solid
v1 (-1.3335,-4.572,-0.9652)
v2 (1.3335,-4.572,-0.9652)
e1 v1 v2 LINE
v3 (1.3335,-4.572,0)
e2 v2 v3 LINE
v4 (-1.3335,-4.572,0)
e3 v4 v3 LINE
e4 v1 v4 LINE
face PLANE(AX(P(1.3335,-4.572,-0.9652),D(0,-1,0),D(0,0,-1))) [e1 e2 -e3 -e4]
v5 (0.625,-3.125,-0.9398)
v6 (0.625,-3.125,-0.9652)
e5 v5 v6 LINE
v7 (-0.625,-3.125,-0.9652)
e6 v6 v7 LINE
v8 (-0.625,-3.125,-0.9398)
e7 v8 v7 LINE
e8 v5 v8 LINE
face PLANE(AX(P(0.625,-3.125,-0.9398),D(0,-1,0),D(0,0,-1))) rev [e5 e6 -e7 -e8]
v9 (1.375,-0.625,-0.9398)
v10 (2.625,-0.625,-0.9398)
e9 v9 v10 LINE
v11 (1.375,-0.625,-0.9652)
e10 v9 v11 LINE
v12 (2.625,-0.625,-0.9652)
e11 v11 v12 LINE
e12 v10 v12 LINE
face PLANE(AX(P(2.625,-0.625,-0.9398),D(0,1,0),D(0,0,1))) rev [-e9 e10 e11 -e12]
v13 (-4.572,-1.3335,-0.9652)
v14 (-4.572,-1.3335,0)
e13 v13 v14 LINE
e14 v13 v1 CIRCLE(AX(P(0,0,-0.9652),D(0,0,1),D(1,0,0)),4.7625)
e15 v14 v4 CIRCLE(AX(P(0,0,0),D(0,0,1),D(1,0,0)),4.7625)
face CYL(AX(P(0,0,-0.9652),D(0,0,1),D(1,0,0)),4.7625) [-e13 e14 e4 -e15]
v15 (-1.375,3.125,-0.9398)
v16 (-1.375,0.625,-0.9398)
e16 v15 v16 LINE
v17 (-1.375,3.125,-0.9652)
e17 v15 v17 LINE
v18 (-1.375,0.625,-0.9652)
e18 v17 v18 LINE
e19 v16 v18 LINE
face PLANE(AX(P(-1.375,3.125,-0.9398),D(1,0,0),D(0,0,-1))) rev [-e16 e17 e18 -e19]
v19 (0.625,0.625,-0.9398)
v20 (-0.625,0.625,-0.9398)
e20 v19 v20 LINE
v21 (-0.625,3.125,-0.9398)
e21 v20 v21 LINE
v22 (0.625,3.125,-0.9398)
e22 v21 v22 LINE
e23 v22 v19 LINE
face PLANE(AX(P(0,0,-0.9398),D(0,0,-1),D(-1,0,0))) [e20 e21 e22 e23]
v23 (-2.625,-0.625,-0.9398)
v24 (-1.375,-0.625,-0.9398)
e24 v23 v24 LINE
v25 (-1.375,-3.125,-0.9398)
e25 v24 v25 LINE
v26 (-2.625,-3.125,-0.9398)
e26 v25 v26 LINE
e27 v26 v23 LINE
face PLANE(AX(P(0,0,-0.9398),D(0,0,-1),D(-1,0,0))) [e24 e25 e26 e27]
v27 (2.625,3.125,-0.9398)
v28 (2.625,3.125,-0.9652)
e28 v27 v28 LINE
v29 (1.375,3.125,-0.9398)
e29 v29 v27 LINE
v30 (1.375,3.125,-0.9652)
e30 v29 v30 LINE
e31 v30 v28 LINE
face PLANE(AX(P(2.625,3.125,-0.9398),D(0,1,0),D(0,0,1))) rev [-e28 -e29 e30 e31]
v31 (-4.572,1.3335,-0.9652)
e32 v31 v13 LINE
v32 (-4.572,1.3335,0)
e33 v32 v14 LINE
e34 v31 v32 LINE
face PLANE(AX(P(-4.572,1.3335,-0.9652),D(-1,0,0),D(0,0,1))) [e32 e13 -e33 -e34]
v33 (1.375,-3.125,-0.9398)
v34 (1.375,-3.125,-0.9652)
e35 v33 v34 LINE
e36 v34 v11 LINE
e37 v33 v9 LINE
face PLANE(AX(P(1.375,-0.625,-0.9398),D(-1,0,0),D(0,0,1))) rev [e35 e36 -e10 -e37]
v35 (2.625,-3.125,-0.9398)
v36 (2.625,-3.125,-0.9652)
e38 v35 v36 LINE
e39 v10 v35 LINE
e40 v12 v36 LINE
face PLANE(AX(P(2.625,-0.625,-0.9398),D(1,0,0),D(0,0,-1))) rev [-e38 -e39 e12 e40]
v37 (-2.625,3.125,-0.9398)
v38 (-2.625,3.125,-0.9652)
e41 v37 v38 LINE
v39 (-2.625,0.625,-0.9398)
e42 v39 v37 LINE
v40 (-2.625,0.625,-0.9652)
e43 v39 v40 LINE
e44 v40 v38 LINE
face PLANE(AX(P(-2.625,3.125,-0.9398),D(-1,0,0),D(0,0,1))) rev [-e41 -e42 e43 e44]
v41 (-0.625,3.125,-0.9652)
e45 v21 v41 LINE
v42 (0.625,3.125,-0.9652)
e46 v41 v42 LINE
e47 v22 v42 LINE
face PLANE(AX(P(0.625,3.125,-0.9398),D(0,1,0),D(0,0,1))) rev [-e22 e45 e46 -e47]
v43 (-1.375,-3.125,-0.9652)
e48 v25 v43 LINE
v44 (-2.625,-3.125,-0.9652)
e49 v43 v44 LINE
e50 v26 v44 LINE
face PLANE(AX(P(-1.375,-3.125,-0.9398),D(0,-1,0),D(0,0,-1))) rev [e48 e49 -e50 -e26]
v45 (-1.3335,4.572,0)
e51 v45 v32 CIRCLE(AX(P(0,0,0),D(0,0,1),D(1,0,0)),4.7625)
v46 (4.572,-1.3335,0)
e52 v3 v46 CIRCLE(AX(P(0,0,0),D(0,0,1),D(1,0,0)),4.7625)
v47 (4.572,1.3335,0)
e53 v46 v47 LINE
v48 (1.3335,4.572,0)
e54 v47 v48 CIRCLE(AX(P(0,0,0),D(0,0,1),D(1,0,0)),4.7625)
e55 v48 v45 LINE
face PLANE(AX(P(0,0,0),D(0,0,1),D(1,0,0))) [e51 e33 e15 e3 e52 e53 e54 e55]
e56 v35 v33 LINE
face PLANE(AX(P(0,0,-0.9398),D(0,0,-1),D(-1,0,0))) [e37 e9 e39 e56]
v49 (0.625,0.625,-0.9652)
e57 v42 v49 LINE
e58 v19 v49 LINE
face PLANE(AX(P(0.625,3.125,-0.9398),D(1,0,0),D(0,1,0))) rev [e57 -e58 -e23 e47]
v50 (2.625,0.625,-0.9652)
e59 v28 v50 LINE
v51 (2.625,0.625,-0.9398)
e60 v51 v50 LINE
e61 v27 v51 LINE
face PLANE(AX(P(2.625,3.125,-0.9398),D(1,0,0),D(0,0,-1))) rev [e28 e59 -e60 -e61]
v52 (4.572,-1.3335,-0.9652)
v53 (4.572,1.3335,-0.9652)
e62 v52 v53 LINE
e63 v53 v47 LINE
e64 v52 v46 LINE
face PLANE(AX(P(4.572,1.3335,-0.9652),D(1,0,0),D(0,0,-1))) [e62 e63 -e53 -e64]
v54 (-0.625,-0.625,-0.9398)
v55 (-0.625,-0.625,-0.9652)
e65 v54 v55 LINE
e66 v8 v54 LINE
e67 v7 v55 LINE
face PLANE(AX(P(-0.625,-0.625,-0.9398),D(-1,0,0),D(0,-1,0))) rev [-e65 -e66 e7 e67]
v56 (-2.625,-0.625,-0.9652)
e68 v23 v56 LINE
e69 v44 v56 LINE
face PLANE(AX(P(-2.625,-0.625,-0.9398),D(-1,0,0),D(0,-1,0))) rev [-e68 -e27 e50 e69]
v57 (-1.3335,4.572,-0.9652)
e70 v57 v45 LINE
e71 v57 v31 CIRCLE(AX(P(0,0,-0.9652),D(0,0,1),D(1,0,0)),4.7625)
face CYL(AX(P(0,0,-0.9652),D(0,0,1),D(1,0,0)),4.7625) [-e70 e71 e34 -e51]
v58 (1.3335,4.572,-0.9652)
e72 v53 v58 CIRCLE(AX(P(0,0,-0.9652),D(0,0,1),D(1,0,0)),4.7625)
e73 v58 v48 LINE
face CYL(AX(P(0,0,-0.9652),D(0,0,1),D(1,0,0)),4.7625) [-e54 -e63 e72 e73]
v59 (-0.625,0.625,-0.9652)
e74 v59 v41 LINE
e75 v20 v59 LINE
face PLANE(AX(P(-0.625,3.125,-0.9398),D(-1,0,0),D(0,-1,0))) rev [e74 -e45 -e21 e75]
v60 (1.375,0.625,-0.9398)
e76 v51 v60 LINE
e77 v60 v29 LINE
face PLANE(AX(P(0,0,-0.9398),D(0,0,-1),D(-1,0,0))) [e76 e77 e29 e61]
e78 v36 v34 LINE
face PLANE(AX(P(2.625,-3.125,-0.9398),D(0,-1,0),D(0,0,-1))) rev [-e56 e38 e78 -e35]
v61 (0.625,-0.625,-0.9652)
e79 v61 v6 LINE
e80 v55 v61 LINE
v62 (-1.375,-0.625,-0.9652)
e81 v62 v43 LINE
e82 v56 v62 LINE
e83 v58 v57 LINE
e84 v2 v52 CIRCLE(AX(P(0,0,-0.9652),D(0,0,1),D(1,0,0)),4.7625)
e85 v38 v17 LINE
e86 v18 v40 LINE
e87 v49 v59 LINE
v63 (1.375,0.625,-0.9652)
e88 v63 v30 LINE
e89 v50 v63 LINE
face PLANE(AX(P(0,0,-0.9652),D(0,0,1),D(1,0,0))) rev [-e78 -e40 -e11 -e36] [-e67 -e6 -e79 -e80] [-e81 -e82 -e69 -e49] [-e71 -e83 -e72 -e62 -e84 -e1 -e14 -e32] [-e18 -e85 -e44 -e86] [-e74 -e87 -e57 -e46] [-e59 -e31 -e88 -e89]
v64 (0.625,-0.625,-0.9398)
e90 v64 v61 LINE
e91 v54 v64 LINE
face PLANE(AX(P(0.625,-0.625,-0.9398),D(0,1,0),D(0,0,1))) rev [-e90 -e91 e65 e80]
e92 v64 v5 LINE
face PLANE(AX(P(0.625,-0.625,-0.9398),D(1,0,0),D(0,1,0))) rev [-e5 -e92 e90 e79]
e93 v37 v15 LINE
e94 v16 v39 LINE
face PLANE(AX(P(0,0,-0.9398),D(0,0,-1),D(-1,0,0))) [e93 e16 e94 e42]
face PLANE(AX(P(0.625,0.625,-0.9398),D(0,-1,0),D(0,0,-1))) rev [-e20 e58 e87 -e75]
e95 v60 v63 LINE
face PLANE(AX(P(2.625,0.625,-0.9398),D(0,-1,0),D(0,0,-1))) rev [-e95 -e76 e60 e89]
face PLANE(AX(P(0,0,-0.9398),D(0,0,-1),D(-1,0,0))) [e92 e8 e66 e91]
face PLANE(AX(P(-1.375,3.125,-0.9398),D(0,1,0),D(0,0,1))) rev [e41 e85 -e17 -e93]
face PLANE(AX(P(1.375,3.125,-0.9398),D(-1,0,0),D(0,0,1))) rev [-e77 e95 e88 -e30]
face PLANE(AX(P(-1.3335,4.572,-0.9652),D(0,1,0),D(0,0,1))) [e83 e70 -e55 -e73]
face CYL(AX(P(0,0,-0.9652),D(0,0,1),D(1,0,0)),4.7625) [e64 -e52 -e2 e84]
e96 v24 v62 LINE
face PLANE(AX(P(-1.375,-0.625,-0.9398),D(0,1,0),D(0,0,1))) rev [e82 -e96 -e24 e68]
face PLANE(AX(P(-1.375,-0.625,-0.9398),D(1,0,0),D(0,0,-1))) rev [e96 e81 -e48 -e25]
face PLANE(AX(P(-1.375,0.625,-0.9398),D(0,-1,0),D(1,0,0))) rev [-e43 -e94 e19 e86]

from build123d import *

# Parameters (mm, degrees)
BOSS_EXTRUDE1_DEPTH = 0.9652
SKETCH2_W           = 1.25
SKETCH2_H           = 2.5
CUT_EXTRUDE1_DEPTH  = 0.0254


with BuildPart() as part:
    # Sketch1 → Boss-Extrude1 (new body)
    with BuildSketch(Plane.XY):
        with BuildLine():
            Line((-1.3335, 4.572), (1.3335, 4.572))
            ThreePointArc((1.3335, 4.572), (3.367596045, 3.367596045), (4.572, 1.3335))
            Line((4.572, 1.3335), (4.572, -1.3335))
            ThreePointArc((4.572, -1.3335), (3.367596045, -3.367596045), (1.3335, -4.572))
            Line((1.3335, -4.572), (-1.3335, -4.572))
            ThreePointArc((-1.3335, -4.572), (-3.367596045, -3.367596045), (-4.572, -1.3335))
            Line((-4.572, -1.3335), (-4.572, 1.3335))
            ThreePointArc((-4.572, 1.3335), (-3.367596045, 3.367596045), (-1.3335, 4.572))
        make_face()
    extrude(amount=-BOSS_EXTRUDE1_DEPTH)

    # Sketch2 → Cut-Extrude1 (cut)
    with BuildSketch(Plane(origin=(0, 0, -0.9652), x_dir=(-1, 0, 0), z_dir=(0, 0, -1))):
        with Locations((-2, 1.875)):
            Rectangle(SKETCH2_W, SKETCH2_H)
        with Locations((0, 1.875)):
            Rectangle(SKETCH2_W, SKETCH2_H)
        with Locations((2, 1.875)):
            Rectangle(SKETCH2_W, SKETCH2_H)
        with Locations((-2, -1.875)):
            Rectangle(SKETCH2_W, SKETCH2_H)
        with Locations((0, -1.875)):
            Rectangle(SKETCH2_W, SKETCH2_H)
        with Locations((2, -1.875)):
            Rectangle(SKETCH2_W, SKETCH2_H)
    extrude(amount=-CUT_EXTRUDE1_DEPTH, mode=Mode.SUBTRACT)


solid = part.part
